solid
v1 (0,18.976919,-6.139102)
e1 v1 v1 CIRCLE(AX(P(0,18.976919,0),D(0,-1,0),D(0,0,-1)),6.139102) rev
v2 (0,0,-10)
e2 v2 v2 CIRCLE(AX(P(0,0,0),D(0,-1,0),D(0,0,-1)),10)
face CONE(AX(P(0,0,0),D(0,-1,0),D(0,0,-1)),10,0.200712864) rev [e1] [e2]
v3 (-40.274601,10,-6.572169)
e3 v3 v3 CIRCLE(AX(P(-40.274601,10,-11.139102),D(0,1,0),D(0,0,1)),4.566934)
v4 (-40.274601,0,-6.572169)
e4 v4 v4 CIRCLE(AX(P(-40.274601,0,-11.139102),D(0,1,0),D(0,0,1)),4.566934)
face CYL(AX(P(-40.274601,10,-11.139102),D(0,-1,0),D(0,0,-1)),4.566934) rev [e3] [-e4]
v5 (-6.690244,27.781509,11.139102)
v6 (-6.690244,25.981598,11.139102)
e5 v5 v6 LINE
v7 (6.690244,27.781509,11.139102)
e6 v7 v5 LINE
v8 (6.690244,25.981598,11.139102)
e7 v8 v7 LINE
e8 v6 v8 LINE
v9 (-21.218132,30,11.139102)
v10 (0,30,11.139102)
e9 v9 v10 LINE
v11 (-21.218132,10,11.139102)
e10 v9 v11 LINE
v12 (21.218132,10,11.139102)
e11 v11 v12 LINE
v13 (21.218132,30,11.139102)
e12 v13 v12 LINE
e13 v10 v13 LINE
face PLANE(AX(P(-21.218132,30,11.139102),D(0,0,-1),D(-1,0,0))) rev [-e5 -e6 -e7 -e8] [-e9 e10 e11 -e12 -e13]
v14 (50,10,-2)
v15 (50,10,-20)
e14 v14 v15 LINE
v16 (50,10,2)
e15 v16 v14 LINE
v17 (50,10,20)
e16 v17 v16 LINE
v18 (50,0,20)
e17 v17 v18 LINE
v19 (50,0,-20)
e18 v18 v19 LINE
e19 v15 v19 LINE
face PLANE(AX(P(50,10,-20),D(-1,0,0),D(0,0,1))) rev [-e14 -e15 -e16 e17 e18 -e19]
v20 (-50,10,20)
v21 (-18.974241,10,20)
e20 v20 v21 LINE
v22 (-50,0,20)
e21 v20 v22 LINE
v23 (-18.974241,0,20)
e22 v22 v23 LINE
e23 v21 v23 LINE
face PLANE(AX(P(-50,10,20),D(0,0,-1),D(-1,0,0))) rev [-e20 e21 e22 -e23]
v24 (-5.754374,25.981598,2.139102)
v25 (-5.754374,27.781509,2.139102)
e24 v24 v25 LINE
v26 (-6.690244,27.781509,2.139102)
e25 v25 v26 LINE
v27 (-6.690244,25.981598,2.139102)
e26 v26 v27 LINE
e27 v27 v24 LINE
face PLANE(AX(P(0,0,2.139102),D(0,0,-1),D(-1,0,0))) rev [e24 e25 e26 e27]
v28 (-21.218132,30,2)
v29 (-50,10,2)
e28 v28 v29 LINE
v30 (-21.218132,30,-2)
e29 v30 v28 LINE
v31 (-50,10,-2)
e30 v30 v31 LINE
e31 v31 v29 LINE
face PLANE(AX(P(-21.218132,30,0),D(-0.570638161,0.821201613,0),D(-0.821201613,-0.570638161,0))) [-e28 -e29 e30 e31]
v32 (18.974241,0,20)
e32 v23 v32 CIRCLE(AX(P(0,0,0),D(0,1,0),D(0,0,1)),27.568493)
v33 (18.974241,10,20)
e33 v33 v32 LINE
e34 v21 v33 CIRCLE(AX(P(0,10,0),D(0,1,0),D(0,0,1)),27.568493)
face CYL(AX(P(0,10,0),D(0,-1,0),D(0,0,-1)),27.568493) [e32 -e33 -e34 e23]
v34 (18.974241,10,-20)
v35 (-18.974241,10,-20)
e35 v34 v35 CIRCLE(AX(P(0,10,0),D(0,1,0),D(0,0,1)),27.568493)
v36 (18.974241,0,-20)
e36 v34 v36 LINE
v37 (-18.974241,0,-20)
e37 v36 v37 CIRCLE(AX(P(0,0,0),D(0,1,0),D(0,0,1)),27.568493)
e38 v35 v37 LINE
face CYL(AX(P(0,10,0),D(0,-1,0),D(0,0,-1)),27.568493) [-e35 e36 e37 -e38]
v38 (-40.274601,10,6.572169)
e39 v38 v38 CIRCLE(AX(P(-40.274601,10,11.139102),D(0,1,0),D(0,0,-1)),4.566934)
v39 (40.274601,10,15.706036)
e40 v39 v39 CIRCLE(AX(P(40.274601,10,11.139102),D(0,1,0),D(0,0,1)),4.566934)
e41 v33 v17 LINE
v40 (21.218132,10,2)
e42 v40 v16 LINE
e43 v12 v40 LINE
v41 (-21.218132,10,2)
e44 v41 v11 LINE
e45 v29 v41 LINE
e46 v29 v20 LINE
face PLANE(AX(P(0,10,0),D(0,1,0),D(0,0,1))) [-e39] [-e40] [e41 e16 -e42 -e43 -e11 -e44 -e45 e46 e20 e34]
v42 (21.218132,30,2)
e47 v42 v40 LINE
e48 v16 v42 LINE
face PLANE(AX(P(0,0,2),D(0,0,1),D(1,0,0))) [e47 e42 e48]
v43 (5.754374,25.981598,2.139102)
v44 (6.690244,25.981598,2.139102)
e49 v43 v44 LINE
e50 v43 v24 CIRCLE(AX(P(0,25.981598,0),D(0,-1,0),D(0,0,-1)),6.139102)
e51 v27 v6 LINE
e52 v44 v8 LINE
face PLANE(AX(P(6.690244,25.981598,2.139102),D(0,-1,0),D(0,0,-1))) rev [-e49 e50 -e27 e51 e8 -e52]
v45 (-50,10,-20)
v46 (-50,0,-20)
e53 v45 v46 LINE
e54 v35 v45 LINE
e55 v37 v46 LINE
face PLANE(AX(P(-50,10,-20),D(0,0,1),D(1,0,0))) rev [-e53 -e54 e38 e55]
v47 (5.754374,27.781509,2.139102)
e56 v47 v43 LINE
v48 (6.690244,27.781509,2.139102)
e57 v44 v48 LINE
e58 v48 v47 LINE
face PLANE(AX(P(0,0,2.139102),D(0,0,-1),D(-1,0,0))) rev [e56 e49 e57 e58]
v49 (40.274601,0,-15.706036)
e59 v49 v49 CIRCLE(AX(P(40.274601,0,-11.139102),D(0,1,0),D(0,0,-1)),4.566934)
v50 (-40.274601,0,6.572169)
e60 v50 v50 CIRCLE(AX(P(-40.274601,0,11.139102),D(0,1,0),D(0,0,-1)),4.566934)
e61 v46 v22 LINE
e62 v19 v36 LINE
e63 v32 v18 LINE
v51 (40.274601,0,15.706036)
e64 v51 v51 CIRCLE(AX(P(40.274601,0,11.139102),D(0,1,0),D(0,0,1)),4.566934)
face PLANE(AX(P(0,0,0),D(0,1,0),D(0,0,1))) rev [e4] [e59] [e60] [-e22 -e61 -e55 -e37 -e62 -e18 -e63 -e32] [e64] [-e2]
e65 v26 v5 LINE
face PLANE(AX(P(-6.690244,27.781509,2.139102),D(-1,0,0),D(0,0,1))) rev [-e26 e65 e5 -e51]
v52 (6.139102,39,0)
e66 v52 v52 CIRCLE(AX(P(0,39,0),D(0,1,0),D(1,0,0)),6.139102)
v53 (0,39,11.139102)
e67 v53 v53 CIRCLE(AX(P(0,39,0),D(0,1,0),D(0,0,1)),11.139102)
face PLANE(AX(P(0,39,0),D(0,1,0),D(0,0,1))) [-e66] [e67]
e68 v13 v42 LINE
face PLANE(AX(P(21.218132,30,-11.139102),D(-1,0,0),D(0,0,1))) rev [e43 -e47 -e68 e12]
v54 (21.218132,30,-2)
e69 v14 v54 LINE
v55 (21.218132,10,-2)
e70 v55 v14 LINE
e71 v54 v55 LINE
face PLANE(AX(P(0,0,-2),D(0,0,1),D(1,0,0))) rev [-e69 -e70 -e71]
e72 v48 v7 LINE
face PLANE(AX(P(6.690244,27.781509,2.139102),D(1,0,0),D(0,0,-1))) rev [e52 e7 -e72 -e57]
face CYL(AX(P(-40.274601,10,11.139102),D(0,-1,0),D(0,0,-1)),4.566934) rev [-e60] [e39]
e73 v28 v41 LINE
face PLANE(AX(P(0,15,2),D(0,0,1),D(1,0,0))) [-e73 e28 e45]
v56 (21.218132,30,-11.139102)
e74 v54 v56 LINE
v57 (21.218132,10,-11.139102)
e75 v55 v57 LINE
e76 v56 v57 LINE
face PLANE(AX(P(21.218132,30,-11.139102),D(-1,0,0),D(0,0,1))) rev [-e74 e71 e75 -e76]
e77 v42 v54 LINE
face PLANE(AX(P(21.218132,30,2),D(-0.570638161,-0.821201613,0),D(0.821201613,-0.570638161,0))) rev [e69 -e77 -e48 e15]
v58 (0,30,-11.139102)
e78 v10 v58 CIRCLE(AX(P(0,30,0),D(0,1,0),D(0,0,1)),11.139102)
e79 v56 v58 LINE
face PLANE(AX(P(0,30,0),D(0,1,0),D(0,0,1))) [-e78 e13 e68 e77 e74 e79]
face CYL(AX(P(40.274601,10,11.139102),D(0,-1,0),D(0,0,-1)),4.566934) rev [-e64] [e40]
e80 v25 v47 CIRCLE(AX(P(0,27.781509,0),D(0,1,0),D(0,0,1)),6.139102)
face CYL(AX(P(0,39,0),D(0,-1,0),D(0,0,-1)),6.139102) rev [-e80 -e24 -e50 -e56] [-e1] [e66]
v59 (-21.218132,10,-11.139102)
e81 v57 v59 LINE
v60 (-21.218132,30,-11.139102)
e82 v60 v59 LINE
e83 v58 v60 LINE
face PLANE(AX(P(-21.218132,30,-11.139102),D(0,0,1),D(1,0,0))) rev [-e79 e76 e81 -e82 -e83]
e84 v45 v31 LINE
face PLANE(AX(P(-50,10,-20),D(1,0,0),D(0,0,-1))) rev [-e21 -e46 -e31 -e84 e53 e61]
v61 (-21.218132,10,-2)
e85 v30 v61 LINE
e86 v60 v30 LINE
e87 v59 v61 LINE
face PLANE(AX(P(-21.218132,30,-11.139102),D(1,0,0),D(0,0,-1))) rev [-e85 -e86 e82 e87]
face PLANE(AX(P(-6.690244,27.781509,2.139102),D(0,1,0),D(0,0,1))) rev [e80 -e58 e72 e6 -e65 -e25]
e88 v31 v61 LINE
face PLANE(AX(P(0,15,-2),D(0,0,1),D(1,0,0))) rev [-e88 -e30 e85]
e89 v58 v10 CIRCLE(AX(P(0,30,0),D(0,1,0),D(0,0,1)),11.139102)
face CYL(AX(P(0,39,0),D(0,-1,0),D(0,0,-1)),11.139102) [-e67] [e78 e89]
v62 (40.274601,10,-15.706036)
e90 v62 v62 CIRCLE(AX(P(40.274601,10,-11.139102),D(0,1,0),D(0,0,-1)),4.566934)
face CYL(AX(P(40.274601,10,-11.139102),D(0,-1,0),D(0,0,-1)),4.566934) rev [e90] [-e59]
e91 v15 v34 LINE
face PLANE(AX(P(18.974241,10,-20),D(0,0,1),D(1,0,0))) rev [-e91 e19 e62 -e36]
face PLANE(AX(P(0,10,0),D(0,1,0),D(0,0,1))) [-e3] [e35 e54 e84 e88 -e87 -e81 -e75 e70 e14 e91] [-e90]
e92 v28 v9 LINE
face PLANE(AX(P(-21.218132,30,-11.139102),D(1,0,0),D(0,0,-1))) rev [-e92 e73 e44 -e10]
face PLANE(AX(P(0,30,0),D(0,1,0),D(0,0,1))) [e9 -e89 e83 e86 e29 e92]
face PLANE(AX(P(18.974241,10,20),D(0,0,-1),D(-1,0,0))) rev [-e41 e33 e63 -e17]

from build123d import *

# Parameters (mm, degrees)
SKETCH2_R           = 4.566933549
BOSS_EXTRUDE1_DEPTH = 10
SKETCH3_W           = 42.436263922
SKETCH3_H           = 22.27820436
BOSS_EXTRUDE2_DEPTH = 20
RIB2_REACH          = 66.498
SKETCH5_WALL_W      = 166.044941872
SKETCH5_WALL_H      = 4
BOSS_EXTRUDE3_DEPTH = 2
SKETCH7_R           = 11.13910218
SKETCH7_R_2         = 6.13910218
EXTRUDE_THIN1_DEPTH = 9
SKETCH9_R           = 6.13910218
CUT_EXTRUDE2_DEPTH  = 65.498231097
SKETCH12_R          = 10
CUT_EXTRUDE4_DEPTH  = 19
CUT_EXTRUDE4_DRAFT  = -11.5
SKETCH13_W          = 13.380488588
SKETCH13_H          = 1.799910433
CUT_EXTRUDE5_DEPTH  = 9


with BuildPart() as part:
    # Sketch2 → Boss-Extrude1 (new body)
    with BuildSketch(Plane(origin=(0, 0, 0), x_dir=(1, 0, 0), z_dir=(0, 1, 0))):
        with BuildLine():
            Line((-50, 20), (-18.974240817, 20))
            ThreePointArc((-18.974240817, 20), (0, 27.568493151), (18.974240817, 20))
            Line((18.974240817, 20), (50, 20))
            Line((50, 20), (50, -20))
            Line((50, -20), (18.974240817, -20))
            ThreePointArc((18.974240817, -20), (0, -27.568493151), (-18.974240817, -20))
            Line((-18.974240817, -20), (-50, -20))
            Line((-50, -20), (-50, 20))
        make_face()
        with Locations(Location((-40.274600864, 11.13910218, 0), (0, 0, 270))):
            Circle(SKETCH2_R, mode=Mode.SUBTRACT)
        with Locations(Location((-40.274600864, -11.13910218, 0), (0, 0, 90))):
            Circle(SKETCH2_R, mode=Mode.SUBTRACT)
        with Locations(Location((40.274600864, -11.13910218, 0), (0, 0, 270))):
            Circle(SKETCH2_R, mode=Mode.SUBTRACT)
        with Locations(Location((40.274600864, 11.13910218, 0), (0, 0, 90))):
            Circle(SKETCH2_R, mode=Mode.SUBTRACT)
    extrude(amount=BOSS_EXTRUDE1_DEPTH)

    # Sketch3 → Boss-Extrude2 (add)
    with BuildSketch(Plane(origin=(0, 10, 0), x_dir=(1, 0, 0), z_dir=(0, 1, 0))):
        Rectangle(SKETCH3_W, SKETCH3_H)
    extrude(amount=BOSS_EXTRUDE2_DEPTH)

    # Sketch5 wall → Rib2 (add, up to next)
    with BuildSketch(Plane(origin=(-35.60906598, 20, 0), x_dir=(-0.82120161281, -0.570638161288, 0), z_dir=(0.570638161288, -0.82120161281, 0)), mode=Mode.PRIVATE) as rib2_sk1:
        Rectangle(SKETCH5_WALL_W, SKETCH5_WALL_H)
    rib2_tool1 = extrude(rib2_sk1.sketch, amount=RIB2_REACH, mode=Mode.PRIVATE) - part.part
    add(rib2_tool1.solids().sort_by_distance((-35.60906598, 20, 0))[0])

    # Sketch6 → Boss-Extrude3 (add, symmetric)
    with BuildSketch(Plane.XY):
        Polygon((21.218131961, 30), (50, 10), (21.218131961, 10), align=None)
    extrude(amount=BOSS_EXTRUDE3_DEPTH, both=True)

    # Sketch7 → Extrude-Thin1 (add)
    with BuildSketch(Plane(origin=(0, 30, 0), x_dir=(1, 0, 0), z_dir=(0, 1, 0))):
        Circle(SKETCH7_R)
        Circle(SKETCH7_R_2, mode=Mode.SUBTRACT)
    extrude(amount=EXTRUDE_THIN1_DEPTH)

    # Sketch9 → Cut-Extrude2 (cut, through all)
    with BuildSketch(Plane(origin=(0, 30, 0), x_dir=(1, 0, 0), z_dir=(0, 1, 0))):
        Circle(SKETCH9_R)
    extrude(amount=-CUT_EXTRUDE2_DEPTH, mode=Mode.SUBTRACT)


with BuildPart() as cut_extrude4_tool:
    # Sketch12 → Cut-Extrude4 (with draft: the straight prism first)
    with BuildSketch(Plane.XZ):
        Circle(SKETCH12_R)
    extrude(amount=-CUT_EXTRUDE4_DEPTH)
    # Cut-Extrude4: the draft: its side faces are tilted about the plane it starts from
    cut_extrude4_sides = [cut_extrude4_tool.faces().sort_by_distance(p)[0] for p in [
        (-10, 9.5, 0),
    ]]
    draft(cut_extrude4_sides, Plane.XZ, CUT_EXTRUDE4_DRAFT)


with BuildPart() as part_1:
    add(part.part)

    # Cut-Extrude4: cut by cut_extrude4_tool
    add(cut_extrude4_tool.part, mode=Mode.SUBTRACT)

    # Sketch13 → Cut-Extrude5 (cut)
    with BuildSketch(Plane.XY.offset(11.13910218)):
        with Locations((0, 26.881553508)):
            Rectangle(SKETCH13_W, SKETCH13_H)
    extrude(amount=-CUT_EXTRUDE5_DEPTH, mode=Mode.SUBTRACT)


solid = part_1.part
